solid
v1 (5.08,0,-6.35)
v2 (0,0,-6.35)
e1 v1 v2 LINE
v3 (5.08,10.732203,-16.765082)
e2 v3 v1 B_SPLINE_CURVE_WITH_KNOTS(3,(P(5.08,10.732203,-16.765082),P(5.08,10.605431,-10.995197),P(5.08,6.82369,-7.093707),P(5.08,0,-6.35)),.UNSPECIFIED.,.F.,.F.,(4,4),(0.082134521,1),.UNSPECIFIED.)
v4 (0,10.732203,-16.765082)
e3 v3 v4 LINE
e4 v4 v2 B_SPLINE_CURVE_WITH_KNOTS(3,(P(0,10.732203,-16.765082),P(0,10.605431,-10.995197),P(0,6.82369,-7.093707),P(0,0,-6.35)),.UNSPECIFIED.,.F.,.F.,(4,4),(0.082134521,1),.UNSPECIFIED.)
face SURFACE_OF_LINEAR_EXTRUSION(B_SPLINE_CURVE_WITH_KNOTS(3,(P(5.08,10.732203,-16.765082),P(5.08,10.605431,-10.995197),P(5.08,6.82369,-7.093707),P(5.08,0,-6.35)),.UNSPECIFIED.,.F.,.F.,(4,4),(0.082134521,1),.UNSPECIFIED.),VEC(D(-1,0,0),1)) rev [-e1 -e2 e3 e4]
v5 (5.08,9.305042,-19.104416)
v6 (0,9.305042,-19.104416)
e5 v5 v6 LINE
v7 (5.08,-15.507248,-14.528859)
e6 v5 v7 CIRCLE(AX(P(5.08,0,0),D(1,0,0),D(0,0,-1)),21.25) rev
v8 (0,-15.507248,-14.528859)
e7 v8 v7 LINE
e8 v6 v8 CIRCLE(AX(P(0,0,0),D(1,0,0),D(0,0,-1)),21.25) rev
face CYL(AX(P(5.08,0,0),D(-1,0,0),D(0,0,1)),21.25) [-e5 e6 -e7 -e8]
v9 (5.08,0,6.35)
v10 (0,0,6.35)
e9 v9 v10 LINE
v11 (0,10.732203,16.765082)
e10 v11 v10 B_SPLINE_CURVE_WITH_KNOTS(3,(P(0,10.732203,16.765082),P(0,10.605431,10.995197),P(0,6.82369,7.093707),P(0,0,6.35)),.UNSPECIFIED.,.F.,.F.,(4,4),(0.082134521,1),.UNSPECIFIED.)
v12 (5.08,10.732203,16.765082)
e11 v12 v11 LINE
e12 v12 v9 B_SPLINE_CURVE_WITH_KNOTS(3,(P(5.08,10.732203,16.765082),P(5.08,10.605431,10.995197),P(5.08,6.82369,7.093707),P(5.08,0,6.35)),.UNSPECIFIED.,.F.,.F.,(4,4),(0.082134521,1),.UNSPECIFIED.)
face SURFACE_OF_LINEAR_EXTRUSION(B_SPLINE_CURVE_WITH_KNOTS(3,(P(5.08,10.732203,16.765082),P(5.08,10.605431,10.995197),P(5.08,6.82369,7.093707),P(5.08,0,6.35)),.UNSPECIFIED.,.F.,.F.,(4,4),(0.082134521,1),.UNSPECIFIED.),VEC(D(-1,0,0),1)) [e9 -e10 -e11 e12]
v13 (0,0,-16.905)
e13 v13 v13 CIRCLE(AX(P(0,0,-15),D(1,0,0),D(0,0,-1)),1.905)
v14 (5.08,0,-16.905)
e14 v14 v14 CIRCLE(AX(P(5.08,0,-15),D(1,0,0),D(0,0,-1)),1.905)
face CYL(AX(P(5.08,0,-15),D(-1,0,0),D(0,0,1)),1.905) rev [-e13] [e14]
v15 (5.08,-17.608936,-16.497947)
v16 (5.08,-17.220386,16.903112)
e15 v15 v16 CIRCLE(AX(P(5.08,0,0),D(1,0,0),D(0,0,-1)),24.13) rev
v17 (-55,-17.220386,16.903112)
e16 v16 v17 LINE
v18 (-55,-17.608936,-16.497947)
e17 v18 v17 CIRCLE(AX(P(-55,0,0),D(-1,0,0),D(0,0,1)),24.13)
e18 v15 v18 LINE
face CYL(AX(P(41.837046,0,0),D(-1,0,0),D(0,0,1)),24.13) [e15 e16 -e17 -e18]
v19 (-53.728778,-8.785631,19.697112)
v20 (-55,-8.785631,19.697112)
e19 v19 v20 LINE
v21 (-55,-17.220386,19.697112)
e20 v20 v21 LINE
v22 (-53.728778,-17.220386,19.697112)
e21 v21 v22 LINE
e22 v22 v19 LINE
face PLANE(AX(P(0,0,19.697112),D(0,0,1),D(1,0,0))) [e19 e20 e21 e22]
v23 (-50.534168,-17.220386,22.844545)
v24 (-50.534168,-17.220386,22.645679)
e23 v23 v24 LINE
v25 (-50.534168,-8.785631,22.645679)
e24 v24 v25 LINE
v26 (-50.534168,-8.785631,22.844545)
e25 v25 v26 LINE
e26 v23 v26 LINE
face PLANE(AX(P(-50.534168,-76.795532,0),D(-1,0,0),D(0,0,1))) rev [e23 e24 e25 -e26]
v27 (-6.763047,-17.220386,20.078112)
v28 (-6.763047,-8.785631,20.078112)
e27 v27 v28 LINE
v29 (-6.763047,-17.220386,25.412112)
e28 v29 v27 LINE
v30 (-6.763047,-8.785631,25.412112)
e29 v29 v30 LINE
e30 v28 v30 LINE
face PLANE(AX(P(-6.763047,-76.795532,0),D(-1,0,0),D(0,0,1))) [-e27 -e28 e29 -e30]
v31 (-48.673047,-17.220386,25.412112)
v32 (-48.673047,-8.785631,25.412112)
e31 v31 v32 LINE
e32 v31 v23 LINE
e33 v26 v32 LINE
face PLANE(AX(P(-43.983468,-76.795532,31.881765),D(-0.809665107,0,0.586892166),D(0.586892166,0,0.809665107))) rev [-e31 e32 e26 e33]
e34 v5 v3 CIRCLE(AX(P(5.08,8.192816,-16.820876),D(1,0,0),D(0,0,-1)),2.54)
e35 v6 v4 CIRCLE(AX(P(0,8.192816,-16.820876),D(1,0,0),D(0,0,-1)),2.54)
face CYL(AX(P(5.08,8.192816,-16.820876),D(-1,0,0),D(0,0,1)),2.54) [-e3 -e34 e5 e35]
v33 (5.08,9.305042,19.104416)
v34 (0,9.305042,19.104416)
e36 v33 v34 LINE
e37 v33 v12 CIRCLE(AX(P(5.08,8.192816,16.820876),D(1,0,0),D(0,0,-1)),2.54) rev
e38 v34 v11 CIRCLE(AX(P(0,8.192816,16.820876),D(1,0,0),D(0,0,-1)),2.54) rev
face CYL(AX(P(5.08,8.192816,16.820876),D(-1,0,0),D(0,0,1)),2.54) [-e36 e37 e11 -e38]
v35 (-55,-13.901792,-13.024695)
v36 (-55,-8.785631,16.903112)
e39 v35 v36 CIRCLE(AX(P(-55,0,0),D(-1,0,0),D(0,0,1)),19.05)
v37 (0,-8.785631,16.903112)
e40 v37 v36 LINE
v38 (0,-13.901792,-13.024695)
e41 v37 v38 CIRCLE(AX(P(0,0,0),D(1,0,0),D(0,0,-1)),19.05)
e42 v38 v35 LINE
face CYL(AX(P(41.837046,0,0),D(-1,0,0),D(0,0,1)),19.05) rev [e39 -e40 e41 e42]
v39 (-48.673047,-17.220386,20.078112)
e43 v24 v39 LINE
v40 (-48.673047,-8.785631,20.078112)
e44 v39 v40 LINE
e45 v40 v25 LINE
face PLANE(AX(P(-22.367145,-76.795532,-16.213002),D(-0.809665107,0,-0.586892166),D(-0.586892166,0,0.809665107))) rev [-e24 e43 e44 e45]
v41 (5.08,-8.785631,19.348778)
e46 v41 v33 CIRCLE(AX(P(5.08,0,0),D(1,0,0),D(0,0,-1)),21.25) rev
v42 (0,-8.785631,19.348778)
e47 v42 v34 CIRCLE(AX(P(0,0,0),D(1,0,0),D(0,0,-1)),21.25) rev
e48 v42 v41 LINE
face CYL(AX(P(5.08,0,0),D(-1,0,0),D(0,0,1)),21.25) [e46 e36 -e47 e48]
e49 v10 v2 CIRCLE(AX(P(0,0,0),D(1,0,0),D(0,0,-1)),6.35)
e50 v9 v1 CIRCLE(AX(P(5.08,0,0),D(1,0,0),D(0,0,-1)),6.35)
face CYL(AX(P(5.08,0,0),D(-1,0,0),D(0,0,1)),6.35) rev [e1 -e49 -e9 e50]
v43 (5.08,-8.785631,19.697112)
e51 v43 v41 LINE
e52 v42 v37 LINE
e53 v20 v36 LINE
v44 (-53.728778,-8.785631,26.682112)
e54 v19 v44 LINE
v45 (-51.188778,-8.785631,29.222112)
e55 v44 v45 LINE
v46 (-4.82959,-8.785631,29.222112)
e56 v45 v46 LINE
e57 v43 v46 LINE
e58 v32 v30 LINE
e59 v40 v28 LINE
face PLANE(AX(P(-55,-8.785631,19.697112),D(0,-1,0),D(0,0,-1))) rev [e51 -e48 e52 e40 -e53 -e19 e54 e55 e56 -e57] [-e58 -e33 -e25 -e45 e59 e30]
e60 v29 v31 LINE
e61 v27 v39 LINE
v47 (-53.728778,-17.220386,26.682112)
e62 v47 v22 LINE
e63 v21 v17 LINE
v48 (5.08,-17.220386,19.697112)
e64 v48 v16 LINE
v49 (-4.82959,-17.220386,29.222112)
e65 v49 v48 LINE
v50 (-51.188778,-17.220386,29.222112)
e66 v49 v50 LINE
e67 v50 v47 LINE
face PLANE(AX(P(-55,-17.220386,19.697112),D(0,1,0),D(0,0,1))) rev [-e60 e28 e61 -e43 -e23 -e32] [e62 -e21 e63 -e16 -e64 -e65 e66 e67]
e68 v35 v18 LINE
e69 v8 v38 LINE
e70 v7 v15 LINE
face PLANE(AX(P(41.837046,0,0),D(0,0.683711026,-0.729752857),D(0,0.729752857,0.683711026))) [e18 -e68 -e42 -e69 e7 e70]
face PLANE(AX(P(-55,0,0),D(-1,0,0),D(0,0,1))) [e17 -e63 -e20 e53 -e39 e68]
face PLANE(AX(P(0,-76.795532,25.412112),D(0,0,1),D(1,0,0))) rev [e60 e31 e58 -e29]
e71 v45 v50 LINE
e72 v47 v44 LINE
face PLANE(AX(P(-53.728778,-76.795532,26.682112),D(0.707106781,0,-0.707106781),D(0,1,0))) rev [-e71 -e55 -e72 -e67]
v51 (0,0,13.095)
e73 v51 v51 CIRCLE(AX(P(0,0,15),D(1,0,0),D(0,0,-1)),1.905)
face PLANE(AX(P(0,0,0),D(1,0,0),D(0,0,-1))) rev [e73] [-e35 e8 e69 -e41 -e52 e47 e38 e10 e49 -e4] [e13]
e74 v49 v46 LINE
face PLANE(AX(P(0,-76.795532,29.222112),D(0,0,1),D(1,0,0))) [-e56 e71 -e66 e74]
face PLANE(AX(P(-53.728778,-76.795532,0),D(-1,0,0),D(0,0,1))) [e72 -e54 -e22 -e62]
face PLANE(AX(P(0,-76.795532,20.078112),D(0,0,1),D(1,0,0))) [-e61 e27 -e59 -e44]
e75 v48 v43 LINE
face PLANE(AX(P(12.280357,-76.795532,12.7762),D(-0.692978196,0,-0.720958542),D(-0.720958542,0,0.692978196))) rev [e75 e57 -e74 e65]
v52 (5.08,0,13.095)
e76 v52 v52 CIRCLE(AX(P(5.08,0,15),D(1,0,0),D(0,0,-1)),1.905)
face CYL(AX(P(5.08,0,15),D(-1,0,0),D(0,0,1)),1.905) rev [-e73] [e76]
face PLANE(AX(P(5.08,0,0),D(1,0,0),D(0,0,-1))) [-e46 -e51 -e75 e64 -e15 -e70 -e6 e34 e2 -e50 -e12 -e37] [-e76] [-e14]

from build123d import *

# Parameters (mm, degrees)
SKETCH2_R                = 1.905
BOSS_EXTRUDE1_DEPTH      = 5.08
BOSS_EXTRUDE2_DEPTH      = 55
BOSS_EXTRUDE2_DEPTH_BACK = 5.08
SKETCH6_W                = 60.08
SKETCH6_H                = 8.434755733
BOSS_EXTRUDE3_DEPTH      = 2.794
BOSS_EXTRUDE4_DEPTH      = 8.434756
CHAMFER1_SIZE            = 2.54


with BuildPart() as part:
    # Sketch2 → Boss-Extrude1 (new body)
    with BuildSketch(Plane(origin=(0, 0, 0), x_dir=(0, 0, -1), z_dir=(1, 0, 0))):
        with BuildLine():
            ThreePointArc((6.35, 0), (0, -6.35), (-6.35, 0))
            add(Edge.make_bspline(
                [(-16.765082275, 10.732202813), (-10.995197474, 10.605430611), (-7.093707097, 6.823689801), (-6.35, 0)],
                knots=[0.082134521, 0.082134521, 0.082134521, 0.082134521, 1, 1, 1, 1], degree=3))
            ThreePointArc((-16.765082275, 10.732202813), (-18.143717665, 10.361153764), (-19.104415619, 9.30504185))
            ThreePointArc((-19.104415619, 9.30504185), (-20.706657527, 4.774603025), (-21.25, 0))
            ThreePointArc((-21.25, 0), (0, -21.25), (21.25, 0))
            ThreePointArc((21.25, 0), (20.706657527, 4.774603025), (19.104415619, 9.30504185))
            ThreePointArc((19.104415619, 9.30504185), (18.143717665, 10.361153764), (16.765082275, 10.732202813))
            add(Edge.make_bspline(
                [(16.765082275, 10.732202813), (10.995197474, 10.605430611), (7.093707097, 6.823689801), (6.35, 0)],
                knots=[0.082134521, 0.082134521, 0.082134521, 0.082134521, 1, 1, 1, 1], degree=3))
        make_face()
        with Locations((-15, 0)):
            Circle(SKETCH2_R, mode=Mode.SUBTRACT)
        with Locations((15, 0)):
            Circle(SKETCH2_R, mode=Mode.SUBTRACT)
    extrude(amount=BOSS_EXTRUDE1_DEPTH)

    # Sketch3 → Boss-Extrude2 (add, two sides)
    with BuildSketch(Plane.ZY) as boss_extrude2_sk:
        with BuildLine():
            ThreePointArc((16.903112003, -12.878171633), (1.771236823, -21.176052987), (-14.528859308, -15.507248215))
            Line((-14.528859308, -15.507248215), (-16.497947063, -17.608936444))
            ThreePointArc((-16.497947063, -17.608936444), (0.280682132, -24.128367486), (16.903112003, -17.220386309))
            Line((16.903112003, -17.220386309), (16.903112003, -12.878171633))
        make_face()
        with BuildLine():
            ThreePointArc((16.903112003, -8.785630576), (3.210032128, -18.777598189), (-13.02469505, -13.90179193))
            Line((-13.02469505, -13.90179193), (-14.528859308, -15.507248215))
            ThreePointArc((-14.528859308, -15.507248215), (1.771236823, -21.176052987), (16.903112003, -12.878171633))
            Line((16.903112003, -12.878171633), (16.903112003, -8.785630576))
        make_face()
    extrude(amount=BOSS_EXTRUDE2_DEPTH)
    extrude(boss_extrude2_sk.sketch, amount=-BOSS_EXTRUDE2_DEPTH_BACK)

    # Sketch6 → Boss-Extrude3 (add)
    with BuildSketch(Plane.XY.offset(16.903112003)):
        with Locations((-24.96, -13.003008443)):
            Rectangle(SKETCH6_W, SKETCH6_H)
    extrude(amount=BOSS_EXTRUDE3_DEPTH)

    # Sketch7 → Boss-Extrude4 (add)
    with BuildSketch(Plane(origin=(0, -8.785630576, 0), x_dir=(1, 0, 0), z_dir=(0, 1, 0))):
        Polygon((-53.728777932, -19.697112003), (-53.728777932, -29.222112003), (-4.829590455, -29.222112003), (5.08, -19.697112003), align=None)
        Polygon((-50.534168456, -22.645679195), (-48.67304704, -20.078112003), (-6.76304704, -20.078112003), (-6.76304704, -25.412112003), (-48.67304704, -25.412112003), (-50.534168456, -22.84454481), align=None, mode=Mode.SUBTRACT)
    extrude(amount=-BOSS_EXTRUDE4_DEPTH)

    # Chamfer1
    chamfer1_edges = [part.edges().sort_by_distance(p)[0] for p in [
        (-53.728777932, -13.003008576, 29.222112003),
    ]]
    chamfer(chamfer1_edges, length=CHAMFER1_SIZE)


solid = part.part
